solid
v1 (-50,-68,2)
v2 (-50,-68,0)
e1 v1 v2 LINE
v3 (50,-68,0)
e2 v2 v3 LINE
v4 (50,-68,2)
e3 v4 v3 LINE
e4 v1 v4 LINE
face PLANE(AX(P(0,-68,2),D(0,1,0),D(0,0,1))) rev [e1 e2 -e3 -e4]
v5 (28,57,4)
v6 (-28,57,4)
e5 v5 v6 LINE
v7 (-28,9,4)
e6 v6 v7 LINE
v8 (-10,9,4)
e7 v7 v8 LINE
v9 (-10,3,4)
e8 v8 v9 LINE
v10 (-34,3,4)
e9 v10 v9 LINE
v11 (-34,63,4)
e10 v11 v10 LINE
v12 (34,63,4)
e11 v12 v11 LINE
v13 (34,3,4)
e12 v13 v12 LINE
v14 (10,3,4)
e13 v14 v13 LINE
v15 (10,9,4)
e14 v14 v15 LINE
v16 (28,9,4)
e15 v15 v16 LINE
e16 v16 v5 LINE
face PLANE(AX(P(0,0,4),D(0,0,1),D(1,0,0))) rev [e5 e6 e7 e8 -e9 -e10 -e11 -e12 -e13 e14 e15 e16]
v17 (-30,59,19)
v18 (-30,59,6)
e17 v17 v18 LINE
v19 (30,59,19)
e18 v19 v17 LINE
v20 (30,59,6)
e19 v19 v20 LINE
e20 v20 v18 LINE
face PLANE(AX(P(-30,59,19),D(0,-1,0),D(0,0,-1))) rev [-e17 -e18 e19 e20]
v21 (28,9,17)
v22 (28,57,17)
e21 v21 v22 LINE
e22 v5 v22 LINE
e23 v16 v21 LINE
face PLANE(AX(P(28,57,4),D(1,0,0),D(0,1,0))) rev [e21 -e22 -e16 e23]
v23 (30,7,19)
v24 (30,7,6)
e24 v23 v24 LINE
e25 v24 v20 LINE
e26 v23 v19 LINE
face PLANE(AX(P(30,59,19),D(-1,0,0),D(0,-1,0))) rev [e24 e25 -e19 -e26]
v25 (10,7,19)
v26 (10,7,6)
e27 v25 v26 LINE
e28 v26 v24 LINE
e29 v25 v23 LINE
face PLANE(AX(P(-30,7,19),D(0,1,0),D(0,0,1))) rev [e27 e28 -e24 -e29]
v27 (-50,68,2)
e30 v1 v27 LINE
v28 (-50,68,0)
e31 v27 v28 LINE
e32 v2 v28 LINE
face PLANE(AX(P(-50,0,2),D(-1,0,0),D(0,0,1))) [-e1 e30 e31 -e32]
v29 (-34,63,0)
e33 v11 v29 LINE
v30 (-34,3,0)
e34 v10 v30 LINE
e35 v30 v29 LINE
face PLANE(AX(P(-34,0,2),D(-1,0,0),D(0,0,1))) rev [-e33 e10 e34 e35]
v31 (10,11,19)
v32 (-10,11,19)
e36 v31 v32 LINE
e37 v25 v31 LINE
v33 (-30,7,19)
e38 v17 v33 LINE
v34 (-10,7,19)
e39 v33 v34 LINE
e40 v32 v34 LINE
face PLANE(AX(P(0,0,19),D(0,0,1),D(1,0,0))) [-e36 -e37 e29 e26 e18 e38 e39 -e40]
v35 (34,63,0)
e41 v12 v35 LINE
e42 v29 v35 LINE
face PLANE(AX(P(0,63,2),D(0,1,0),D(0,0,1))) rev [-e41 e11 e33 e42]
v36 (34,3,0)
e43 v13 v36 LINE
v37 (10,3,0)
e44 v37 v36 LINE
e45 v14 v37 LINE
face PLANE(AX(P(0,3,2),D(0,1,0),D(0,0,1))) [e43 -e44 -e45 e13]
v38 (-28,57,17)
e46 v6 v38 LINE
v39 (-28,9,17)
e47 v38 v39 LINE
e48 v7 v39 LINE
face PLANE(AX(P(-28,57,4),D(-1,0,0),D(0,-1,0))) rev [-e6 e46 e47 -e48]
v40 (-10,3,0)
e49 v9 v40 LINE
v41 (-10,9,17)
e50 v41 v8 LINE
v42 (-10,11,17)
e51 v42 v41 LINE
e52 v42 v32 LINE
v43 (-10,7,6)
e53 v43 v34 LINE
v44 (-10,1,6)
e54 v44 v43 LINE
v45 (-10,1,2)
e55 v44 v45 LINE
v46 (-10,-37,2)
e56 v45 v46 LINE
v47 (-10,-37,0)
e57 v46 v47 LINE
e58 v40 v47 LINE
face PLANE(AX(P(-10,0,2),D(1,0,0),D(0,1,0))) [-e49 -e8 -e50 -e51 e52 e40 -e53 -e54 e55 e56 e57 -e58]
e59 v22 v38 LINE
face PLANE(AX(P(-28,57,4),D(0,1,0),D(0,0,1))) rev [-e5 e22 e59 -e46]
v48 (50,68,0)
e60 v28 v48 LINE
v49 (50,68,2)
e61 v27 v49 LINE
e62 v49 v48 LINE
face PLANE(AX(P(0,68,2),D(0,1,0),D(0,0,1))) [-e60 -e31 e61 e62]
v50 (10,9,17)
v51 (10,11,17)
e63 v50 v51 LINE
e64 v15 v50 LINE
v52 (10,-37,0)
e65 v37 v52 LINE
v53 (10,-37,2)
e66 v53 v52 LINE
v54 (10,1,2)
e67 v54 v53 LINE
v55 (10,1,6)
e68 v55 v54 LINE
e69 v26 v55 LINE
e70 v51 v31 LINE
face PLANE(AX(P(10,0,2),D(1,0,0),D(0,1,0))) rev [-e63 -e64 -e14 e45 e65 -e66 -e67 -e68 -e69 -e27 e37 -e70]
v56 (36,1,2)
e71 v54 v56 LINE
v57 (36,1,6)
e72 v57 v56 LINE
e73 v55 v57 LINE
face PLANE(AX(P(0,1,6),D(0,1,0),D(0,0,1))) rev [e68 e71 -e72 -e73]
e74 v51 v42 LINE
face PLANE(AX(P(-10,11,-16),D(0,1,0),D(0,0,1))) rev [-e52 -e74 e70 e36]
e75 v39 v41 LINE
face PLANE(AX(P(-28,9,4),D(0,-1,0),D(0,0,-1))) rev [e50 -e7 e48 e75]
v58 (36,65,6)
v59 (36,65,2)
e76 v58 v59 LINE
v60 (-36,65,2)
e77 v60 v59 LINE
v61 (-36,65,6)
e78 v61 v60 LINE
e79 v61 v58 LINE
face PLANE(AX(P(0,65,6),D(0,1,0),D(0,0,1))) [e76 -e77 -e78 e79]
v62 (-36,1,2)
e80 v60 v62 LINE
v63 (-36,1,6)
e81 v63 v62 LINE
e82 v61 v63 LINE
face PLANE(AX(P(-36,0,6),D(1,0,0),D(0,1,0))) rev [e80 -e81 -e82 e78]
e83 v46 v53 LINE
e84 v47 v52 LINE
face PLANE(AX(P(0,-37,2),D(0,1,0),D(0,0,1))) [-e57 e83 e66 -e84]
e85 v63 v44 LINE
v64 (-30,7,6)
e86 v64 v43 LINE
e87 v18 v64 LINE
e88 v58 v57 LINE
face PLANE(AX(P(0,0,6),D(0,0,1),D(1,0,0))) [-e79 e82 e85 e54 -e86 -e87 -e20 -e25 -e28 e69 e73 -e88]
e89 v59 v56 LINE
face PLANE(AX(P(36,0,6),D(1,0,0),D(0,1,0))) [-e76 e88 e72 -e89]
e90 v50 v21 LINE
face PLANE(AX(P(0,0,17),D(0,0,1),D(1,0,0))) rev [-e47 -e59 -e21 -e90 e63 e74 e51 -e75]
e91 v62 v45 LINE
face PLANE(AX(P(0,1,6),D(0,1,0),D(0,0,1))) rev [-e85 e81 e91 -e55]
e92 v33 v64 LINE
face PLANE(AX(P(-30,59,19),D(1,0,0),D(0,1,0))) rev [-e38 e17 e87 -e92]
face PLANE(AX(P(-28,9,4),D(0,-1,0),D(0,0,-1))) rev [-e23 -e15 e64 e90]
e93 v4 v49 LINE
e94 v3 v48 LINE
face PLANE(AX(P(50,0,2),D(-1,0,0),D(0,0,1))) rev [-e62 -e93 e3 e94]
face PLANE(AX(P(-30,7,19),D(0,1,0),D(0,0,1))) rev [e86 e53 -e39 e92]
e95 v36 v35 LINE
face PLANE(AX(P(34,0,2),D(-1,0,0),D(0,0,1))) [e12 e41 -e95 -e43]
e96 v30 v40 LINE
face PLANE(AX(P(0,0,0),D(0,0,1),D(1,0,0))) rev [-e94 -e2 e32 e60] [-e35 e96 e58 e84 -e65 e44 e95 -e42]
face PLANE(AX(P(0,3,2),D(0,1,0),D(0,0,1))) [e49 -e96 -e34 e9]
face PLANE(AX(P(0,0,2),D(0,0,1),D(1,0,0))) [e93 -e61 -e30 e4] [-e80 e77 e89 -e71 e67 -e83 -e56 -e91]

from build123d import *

# Parameters (mm, degrees)
BOSS_EXTRU_1_DEPTH      = 2
BOSS_EXTRU_2_DEPTH      = 4
ESQUISSE3_W             = 68
ESQUISSE3_H             = 60
ESQUISSE3_W_2           = 56
ESQUISSE3_H_2           = 48
BOSS_EXTRU_3_DEPTH      = 2
ESQUISSE4_W             = 60
ESQUISSE4_H             = 52
ESQUISSE4_W_2           = 56
ESQUISSE4_H_2           = 48
BOSS_EXTRU_4_DEPTH      = 13
ESQUISSE5_W             = 56
ESQUISSE5_H             = 48
BOSS_EXTRU_5_DEPTH      = 2
ESQUISSE6_W             = 20
ESQUISSE6_H             = 10
ENL_V_MAT_EXTRU_1_DEPTH = 35


with BuildPart() as part:
    # Esquisse1 → Boss.-Extru.1 (new body)
    with BuildSketch(Plane.XY):
        Polygon((-50, 68), (-50, -68), (-10, -68), (10, -68), (50, -68), (50, 68), align=None)
        Polygon((-10, 3), (-34, 3), (-34, 63), (34, 63), (34, 3), (10, 3), (10, -37), (-10, -37), align=None, mode=Mode.SUBTRACT)
    extrude(amount=BOSS_EXTRU_1_DEPTH)

    # Esquisse2 → Boss.-Extru.2 (add)
    with BuildSketch(Plane.XY.offset(2)):
        Polygon((36, 65), (-36, 65), (-36, 1), (-10, 1), (-10, 3), (-34, 3), (-34, 63), (34, 63), (34, 3), (10, 3), (10, 1), (36, 1), align=None)
    extrude(amount=BOSS_EXTRU_2_DEPTH)

    # Esquisse3 → Boss.-Extru.3 (add)
    with BuildSketch(Plane.XY.offset(6)):
        with Locations((0, 33)):
            Rectangle(ESQUISSE3_W, ESQUISSE3_H)
        with Locations((0, 33)):
            Rectangle(ESQUISSE3_W_2, ESQUISSE3_H_2, mode=Mode.SUBTRACT)
    extrude(amount=-BOSS_EXTRU_3_DEPTH)

    # Esquisse4 → Boss.-Extru.4 (add)
    with BuildSketch(Plane.XY.offset(6)):
        with Locations((0, 33)):
            Rectangle(ESQUISSE4_W, ESQUISSE4_H)
        with Locations((0, 33)):
            Rectangle(ESQUISSE4_W_2, ESQUISSE4_H_2, mode=Mode.SUBTRACT)
    extrude(amount=BOSS_EXTRU_4_DEPTH)

    # Esquisse5 → Boss.-Extru.5 (add)
    with BuildSketch(Plane.XY.offset(19)):
        with Locations((0, 33)):
            Rectangle(ESQUISSE5_W, ESQUISSE5_H)
    extrude(amount=-BOSS_EXTRU_5_DEPTH)

    # Esquisse6 → Enlèv. mat.-Extru.1 (cut)
    with BuildSketch(Plane.XY.offset(19)):
        with Locations((0, 6)):
            Rectangle(ESQUISSE6_W, ESQUISSE6_H)
    extrude(amount=-ENL_V_MAT_EXTRU_1_DEPTH, mode=Mode.SUBTRACT)


solid = part.part
